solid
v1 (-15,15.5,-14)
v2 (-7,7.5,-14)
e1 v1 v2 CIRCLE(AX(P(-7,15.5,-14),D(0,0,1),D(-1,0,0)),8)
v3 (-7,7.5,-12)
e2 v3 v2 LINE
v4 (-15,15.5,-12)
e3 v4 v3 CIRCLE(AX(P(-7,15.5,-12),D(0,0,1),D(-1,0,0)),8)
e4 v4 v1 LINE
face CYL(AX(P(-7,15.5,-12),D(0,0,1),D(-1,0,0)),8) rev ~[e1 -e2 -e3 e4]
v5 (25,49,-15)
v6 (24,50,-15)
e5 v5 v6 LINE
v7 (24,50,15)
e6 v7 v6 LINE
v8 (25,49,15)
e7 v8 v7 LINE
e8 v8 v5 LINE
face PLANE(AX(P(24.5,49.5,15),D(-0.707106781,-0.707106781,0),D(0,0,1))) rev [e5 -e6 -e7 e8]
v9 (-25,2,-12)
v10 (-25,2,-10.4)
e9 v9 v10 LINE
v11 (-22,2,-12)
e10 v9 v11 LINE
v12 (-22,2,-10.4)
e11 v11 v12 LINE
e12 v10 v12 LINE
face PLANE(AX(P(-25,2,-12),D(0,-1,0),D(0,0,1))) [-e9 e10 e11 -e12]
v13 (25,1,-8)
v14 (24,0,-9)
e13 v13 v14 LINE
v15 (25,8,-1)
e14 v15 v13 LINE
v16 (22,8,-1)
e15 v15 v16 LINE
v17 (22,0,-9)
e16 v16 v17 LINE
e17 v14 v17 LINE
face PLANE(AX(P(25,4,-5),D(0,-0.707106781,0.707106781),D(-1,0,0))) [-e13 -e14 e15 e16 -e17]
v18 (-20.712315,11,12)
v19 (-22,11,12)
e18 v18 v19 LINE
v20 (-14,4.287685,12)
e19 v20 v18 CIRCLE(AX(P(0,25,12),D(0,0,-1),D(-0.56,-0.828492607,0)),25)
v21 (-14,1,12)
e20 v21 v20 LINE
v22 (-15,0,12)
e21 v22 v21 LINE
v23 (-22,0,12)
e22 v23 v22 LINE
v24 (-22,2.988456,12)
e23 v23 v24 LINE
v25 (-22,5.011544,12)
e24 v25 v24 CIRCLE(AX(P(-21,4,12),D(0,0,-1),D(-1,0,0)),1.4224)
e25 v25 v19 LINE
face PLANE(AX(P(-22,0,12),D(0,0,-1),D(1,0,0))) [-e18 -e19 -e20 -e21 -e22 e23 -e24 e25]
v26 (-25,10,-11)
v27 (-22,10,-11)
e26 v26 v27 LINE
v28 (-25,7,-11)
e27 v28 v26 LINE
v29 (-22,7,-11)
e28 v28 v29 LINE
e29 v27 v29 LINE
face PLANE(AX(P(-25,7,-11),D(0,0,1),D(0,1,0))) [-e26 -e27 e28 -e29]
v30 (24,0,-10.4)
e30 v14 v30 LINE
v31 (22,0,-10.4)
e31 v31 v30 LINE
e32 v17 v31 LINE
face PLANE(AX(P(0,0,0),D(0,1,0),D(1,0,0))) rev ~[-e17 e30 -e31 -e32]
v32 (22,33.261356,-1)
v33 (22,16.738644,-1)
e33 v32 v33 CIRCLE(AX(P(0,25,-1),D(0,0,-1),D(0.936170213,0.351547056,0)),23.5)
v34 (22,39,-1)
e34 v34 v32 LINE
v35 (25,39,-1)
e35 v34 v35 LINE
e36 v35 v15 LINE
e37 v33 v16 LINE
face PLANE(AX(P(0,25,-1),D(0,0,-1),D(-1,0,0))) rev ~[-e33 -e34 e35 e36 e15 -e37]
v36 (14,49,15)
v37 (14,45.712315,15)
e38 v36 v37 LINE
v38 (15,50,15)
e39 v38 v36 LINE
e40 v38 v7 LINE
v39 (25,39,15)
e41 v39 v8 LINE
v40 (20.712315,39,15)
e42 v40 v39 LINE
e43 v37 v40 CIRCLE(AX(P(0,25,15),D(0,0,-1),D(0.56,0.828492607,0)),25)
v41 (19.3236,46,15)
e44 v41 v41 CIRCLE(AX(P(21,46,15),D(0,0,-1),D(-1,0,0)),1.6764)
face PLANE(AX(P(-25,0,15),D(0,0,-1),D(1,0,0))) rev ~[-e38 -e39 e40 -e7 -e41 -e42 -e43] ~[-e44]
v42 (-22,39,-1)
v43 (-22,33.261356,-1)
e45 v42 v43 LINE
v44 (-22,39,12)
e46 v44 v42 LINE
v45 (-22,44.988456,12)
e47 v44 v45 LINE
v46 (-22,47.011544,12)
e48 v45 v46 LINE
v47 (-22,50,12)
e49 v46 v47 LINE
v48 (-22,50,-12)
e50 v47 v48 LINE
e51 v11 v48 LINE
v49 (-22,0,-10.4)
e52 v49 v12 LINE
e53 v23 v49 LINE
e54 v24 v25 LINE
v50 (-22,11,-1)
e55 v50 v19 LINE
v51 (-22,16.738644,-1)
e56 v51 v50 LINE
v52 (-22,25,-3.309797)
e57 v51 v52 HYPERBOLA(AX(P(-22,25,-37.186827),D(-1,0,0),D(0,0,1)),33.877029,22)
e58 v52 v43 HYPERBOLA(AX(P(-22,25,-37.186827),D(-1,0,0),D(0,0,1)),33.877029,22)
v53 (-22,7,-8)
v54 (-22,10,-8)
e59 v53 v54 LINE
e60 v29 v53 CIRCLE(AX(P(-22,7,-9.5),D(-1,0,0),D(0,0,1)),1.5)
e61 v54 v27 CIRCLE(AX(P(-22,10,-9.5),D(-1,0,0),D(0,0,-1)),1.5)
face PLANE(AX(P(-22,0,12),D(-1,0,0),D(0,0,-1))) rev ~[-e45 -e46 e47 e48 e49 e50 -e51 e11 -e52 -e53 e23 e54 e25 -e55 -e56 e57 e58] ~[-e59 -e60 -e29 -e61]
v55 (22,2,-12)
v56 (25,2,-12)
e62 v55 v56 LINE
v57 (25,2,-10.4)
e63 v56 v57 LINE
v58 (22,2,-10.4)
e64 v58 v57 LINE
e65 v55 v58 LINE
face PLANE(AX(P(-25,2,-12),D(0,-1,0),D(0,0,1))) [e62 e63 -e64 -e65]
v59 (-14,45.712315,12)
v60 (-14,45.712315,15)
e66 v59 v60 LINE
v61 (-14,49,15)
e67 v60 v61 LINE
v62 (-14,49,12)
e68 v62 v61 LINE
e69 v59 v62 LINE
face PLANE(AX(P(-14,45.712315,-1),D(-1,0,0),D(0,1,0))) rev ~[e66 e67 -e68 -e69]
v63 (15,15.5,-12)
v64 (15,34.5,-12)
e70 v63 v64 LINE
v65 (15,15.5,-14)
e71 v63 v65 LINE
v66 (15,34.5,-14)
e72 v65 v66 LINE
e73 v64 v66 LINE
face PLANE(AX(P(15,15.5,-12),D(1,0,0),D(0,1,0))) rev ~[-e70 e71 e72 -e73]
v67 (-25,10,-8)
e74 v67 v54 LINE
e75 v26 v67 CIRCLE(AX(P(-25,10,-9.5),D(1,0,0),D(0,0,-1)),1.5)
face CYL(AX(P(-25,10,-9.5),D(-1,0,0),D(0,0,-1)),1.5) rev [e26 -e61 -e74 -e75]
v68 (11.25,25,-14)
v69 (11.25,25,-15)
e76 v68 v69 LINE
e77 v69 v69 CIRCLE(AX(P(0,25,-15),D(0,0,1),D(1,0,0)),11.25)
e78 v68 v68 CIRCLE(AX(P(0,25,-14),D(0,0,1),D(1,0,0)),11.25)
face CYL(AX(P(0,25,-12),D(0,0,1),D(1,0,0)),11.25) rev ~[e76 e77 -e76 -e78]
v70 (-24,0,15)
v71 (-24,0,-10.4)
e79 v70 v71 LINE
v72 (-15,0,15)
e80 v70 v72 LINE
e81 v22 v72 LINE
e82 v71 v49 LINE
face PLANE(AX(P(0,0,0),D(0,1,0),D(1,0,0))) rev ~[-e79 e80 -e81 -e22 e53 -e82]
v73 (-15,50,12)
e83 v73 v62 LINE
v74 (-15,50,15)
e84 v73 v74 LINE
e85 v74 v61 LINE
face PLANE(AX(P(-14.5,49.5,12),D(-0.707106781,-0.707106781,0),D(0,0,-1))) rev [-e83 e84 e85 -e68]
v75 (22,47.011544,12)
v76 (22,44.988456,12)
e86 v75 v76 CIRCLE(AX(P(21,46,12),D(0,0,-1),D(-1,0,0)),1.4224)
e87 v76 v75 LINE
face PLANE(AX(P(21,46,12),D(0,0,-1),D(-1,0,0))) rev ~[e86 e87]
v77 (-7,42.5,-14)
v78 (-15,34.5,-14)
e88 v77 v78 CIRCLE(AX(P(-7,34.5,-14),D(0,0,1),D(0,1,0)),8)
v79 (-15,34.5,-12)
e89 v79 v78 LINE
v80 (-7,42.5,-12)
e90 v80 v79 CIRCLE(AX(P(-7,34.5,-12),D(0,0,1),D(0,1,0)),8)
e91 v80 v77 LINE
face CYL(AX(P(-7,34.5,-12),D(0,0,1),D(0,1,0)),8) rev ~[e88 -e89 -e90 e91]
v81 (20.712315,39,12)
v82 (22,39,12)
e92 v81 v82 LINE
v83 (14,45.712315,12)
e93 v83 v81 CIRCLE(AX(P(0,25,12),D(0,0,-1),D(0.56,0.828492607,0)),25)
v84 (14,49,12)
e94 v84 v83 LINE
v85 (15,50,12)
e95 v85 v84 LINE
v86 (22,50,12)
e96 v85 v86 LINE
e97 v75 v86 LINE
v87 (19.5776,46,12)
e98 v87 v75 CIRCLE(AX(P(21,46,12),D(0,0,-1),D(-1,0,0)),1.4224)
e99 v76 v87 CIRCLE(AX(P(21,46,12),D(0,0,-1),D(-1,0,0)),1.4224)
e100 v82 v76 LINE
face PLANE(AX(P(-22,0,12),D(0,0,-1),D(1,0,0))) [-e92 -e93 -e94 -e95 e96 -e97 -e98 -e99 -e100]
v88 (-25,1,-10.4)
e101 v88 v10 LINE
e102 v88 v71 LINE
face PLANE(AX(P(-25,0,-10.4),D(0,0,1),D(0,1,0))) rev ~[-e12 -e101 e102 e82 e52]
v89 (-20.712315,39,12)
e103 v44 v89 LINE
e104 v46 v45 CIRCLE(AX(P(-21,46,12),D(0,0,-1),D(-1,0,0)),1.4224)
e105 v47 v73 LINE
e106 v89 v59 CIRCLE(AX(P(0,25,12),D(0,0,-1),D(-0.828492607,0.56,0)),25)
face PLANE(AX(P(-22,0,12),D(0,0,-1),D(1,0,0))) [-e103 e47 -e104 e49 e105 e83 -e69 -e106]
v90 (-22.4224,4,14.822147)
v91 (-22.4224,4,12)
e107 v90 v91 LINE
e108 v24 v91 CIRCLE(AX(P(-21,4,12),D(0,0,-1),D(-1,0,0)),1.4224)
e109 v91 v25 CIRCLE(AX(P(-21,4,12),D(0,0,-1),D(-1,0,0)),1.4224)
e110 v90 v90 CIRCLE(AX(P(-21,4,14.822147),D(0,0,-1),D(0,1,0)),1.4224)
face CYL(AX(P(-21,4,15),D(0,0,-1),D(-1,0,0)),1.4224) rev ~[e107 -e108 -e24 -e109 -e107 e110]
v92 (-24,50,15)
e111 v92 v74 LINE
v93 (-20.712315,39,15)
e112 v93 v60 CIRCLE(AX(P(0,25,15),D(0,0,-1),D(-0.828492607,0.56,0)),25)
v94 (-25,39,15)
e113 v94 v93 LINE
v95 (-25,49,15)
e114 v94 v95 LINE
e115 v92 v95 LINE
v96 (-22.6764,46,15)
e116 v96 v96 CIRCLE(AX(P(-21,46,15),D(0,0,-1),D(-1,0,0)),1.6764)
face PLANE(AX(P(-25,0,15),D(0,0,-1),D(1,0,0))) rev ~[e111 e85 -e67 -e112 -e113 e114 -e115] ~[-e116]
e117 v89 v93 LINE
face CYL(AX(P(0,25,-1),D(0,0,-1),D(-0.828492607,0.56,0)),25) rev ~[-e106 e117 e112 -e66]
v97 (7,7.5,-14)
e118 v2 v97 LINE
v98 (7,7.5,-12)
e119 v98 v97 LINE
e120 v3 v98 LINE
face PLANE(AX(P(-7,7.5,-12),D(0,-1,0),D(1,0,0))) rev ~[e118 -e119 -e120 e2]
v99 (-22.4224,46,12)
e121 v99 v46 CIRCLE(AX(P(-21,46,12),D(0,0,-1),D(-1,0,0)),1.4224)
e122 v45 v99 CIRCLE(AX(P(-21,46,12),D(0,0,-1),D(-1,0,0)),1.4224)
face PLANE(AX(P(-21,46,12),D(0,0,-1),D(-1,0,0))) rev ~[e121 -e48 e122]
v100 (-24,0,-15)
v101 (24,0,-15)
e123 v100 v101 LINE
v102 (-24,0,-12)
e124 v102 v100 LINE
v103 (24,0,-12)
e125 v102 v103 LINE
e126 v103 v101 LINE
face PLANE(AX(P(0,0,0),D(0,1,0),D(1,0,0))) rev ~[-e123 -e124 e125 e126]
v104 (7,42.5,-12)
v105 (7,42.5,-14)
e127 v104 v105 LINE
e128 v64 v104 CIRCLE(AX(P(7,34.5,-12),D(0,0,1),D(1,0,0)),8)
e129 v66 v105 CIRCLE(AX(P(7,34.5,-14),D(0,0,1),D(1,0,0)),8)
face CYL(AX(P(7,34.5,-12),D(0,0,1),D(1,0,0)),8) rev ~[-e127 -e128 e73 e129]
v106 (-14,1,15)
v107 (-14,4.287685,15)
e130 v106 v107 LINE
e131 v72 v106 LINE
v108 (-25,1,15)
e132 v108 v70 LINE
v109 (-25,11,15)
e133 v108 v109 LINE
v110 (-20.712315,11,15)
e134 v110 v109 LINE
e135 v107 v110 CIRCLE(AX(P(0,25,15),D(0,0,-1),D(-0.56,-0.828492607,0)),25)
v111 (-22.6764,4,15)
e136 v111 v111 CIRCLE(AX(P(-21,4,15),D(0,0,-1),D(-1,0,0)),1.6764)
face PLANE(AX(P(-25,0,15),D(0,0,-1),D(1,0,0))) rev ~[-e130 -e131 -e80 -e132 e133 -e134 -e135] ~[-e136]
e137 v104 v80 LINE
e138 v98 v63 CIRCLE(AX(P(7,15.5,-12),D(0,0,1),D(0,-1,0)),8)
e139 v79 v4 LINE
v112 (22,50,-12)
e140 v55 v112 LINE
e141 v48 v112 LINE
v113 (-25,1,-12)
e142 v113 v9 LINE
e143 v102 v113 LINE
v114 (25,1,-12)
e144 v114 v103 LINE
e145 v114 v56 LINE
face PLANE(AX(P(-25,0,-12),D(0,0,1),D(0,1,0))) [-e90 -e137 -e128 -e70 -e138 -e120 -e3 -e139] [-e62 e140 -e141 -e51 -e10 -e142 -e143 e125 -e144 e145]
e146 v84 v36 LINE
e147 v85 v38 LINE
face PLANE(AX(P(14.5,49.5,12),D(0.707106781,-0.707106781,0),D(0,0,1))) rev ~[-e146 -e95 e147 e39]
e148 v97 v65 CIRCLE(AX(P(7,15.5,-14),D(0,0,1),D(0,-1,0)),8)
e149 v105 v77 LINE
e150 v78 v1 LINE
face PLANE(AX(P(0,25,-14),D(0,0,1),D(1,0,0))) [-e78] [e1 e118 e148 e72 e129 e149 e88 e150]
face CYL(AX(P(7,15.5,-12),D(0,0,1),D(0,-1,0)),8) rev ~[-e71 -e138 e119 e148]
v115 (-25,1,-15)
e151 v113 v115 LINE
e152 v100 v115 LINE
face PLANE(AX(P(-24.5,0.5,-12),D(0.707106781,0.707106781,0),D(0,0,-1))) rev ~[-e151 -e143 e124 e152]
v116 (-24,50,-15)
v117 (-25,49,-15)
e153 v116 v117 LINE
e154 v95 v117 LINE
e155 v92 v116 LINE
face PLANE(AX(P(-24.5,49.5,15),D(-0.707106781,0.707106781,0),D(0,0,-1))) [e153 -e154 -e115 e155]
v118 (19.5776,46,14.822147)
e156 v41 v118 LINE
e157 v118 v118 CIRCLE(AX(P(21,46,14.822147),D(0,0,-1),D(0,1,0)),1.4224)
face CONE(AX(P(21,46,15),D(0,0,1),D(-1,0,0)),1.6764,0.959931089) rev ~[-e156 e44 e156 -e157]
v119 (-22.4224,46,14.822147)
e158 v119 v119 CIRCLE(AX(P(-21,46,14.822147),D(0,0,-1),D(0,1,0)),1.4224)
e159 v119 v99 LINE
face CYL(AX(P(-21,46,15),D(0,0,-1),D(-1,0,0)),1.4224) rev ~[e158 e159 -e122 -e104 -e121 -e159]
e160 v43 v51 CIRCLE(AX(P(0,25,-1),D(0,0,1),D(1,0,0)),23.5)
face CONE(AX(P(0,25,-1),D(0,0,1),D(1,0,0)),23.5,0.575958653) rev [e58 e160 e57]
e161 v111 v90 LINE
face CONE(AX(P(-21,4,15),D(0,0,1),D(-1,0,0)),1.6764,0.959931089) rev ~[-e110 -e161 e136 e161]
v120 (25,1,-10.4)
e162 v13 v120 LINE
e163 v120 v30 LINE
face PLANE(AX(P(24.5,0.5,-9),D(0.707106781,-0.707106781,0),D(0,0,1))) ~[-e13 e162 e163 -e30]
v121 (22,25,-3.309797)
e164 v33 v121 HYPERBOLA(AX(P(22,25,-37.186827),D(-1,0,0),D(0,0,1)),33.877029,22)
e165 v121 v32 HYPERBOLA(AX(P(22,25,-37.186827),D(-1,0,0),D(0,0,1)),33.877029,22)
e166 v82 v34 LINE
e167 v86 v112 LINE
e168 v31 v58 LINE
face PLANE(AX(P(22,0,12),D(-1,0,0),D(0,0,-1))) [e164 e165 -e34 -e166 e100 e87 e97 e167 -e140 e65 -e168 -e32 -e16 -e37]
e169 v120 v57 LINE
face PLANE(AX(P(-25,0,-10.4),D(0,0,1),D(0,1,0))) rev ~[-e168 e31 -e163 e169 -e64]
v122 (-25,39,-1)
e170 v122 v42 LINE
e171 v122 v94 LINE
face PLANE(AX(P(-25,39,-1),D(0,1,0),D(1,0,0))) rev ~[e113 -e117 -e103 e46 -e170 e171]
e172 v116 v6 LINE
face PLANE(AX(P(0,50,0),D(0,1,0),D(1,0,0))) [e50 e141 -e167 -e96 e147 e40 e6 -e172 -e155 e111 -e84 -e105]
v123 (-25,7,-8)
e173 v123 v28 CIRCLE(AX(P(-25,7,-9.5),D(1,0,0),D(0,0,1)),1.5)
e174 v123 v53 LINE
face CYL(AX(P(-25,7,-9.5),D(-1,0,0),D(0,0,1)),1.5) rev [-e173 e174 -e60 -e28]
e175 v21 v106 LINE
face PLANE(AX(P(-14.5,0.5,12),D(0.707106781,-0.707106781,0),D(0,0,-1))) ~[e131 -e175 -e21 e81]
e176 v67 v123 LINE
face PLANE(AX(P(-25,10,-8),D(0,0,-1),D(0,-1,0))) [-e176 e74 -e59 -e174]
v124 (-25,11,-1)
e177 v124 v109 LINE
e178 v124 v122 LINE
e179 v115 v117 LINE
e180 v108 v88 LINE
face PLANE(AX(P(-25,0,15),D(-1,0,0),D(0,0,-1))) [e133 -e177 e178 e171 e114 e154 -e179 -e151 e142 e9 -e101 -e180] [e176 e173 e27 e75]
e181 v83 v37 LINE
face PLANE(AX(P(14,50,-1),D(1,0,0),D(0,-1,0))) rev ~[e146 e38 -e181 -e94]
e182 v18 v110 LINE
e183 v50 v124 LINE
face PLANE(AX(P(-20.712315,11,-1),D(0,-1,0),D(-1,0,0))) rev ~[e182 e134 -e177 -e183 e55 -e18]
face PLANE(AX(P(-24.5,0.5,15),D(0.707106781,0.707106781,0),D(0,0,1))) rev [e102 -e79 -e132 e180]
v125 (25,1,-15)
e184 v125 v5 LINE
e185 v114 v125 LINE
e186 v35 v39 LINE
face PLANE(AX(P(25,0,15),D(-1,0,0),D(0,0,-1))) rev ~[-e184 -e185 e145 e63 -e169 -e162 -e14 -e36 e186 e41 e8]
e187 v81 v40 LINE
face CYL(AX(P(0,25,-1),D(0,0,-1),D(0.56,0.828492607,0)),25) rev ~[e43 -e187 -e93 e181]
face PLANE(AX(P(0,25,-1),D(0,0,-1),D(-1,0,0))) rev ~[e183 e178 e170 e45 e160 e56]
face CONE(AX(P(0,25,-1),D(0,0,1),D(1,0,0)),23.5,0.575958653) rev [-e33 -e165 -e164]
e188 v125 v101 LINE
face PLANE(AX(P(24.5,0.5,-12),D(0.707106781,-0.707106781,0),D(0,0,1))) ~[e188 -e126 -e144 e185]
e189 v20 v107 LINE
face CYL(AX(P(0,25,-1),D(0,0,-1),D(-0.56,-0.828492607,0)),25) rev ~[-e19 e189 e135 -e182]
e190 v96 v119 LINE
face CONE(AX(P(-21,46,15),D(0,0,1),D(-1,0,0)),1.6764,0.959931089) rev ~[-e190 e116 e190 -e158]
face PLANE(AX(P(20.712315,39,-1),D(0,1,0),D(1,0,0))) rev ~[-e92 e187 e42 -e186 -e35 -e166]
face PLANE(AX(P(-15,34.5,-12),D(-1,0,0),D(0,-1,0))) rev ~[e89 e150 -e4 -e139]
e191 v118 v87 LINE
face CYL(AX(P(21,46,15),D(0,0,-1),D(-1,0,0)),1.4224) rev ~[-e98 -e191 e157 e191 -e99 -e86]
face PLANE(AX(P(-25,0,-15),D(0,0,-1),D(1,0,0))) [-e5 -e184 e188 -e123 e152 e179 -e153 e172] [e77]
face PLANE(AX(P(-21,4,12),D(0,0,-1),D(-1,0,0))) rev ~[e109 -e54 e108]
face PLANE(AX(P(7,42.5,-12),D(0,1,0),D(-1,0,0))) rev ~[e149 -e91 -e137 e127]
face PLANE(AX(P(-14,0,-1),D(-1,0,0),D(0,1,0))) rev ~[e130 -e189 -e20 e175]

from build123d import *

# Parameters (mm, degrees)
SKETCH_1_W                   = 50
SKETCH_1_H                   = 30
SKETCH_1_W_2                 = 44
SKETCH_1_H_2                 = 24
EXTRUDE_1_DEPTH              = 50
CUT_EXTRUDE_START            = -14
CUT_EXTRUDE_1_DEPTH          = 17
SKETCH_3_R                   = 11.25
CUT_EXTRUDE_2_DEPTH          = 4
HOLE_WIZARD_4_40_D           = 2.8448
HOLE_WIZARD_4_40_DEPTH       = 3
HOLE_WIZARD_4_40_CSINK_D     = 3.3528
HOLE_WIZARD_4_40_CSINK_ANGLE = 110
SKETCH_10_W                  = 1.6
SKETCH_10_H                  = 2
CUT_EXTRUDE_4_DEPTH          = 51
CUT_EXTRUDE_3_DEPTH          = 2
CHAMFER_1_SIZE               = 8
CHAMFER_2_SIZE               = 1
CUT_EXTRUDE_5_REACH          = 52


with BuildPart() as part:
    # Эскиз1 → Бобышка-Вытянуть1 (new body)
    with BuildSketch(Plane(origin=(0, 0, 0), x_dir=(1, 0, 0), z_dir=(0, 1, 0))):
        Rectangle(SKETCH_1_W, SKETCH_1_H)
        Rectangle(SKETCH_1_W_2, SKETCH_1_H_2, mode=Mode.SUBTRACT)
    extrude(amount=EXTRUDE_1_DEPTH)

    # Эскиз2 → Вырез-Вытянуть1 (cut, through all)
    with BuildSketch(Plane(origin=(0, 0, -15), x_dir=(-1, 0, 0), z_dir=(0, 0, -1)).offset(CUT_EXTRUDE_START)):
        with BuildLine():
            ThreePointArc((-14, 45.712315177), (-17.67766953, 42.67766953), (-20.712315177, 39))
            Line((-20.712315177, 39), (-25, 39))
            Line((-25, 39), (-25, 11))
            Line((-25, 11), (-20.712315177, 11))
            ThreePointArc((-20.712315177, 11), (-17.67766953, 7.32233047), (-14, 4.287684823))
            Line((-14, 4.287684823), (-14, 0))
            Line((-14, 0), (14, 0))
            Line((14, 0), (14, 4.287684823))
            ThreePointArc((14, 4.287684823), (17.67766953, 7.32233047), (20.712315177, 11))
            Line((20.712315177, 11), (25, 11))
            Line((25, 11), (25, 39))
            Line((25, 39), (20.712315177, 39))
            ThreePointArc((20.712315177, 39), (17.67766953, 42.67766953), (14, 45.712315177))
            Line((14, 45.712315177), (14, 50))
            Line((14, 50), (-14, 50))
            Line((-14, 50), (-14, 45.712315177))
        make_face()
        with BuildLine():
            Line((-20.712315177, 11), (-25, 11))
            Line((-25, 11), (-25, 0))
            Line((-25, 0), (-14, 0))
            Line((-14, 0), (-14, 4.287684823))
            ThreePointArc((-14, 4.287684823), (-17.67766953, 7.32233047), (-20.712315177, 11))
        make_face()
    extrude(amount=-CUT_EXTRUDE_1_DEPTH, mode=Mode.SUBTRACT)

    # Эскиз3 → Вырез-Вытянуть2 (cut, through all)
    with BuildSketch(Plane.XY.offset(-12)):
        with Locations((0, 25)):
            Circle(SKETCH_3_R)
    extrude(amount=-CUT_EXTRUDE_2_DEPTH, mode=Mode.SUBTRACT)

    # Эскиз6 → Вырез-Повернуть1 (revolve, cut)
    with BuildSketch(Plane(origin=(0, 25, 0), x_dir=(-1, 0, 0), z_dir=(0, 1, 0))):
        Polygon((-22, -3.309797446), (-22, -1), (-23.5, -1), align=None)
    revolve(axis=Axis((0, 25, -15), (0, 0, 1)), mode=Mode.SUBTRACT)

    # Отверстие #4-40
    with Locations(Plane.XY.offset(15)):
        with Locations((-21, 46), (21, 46), (-21, 4)):
            CounterSinkHole(HOLE_WIZARD_4_40_D / 2, HOLE_WIZARD_4_40_CSINK_D / 2, depth=HOLE_WIZARD_4_40_DEPTH, counter_sink_angle=HOLE_WIZARD_4_40_CSINK_ANGLE)

    # Эскиз10 → Вырез-Вытянуть4 (cut, through all)
    with BuildSketch(Plane.ZY.offset(25)):
        with Locations((-11.2, 1)):
            Rectangle(SKETCH_10_W, SKETCH_10_H)
    extrude(amount=-CUT_EXTRUDE_4_DEPTH, mode=Mode.SUBTRACT)

    # Эскиз9 → Вырез-Вытянуть3 (cut)
    with BuildSketch(Plane.XY.offset(-12)):
        with BuildLine():
            Line((-7, 7.5), (7, 7.5))
            ThreePointArc((7, 7.5), (12.656854249, 9.843145751), (15, 15.5))
            Line((15, 15.5), (15, 34.5))
            ThreePointArc((15, 34.5), (12.656854249, 40.156854249), (7, 42.5))
            Line((7, 42.5), (-7, 42.5))
            ThreePointArc((-7, 42.5), (-12.656854249, 40.156854249), (-15, 34.5))
            Line((-15, 34.5), (-15, 15.5))
            ThreePointArc((-15, 15.5), (-12.656854249, 9.843145751), (-7, 7.5))
        make_face()
    extrude(amount=-CUT_EXTRUDE_3_DEPTH, mode=Mode.SUBTRACT)

    # Фаска1
    chamfer_1_edges = [part.edges().sort_by_distance(p)[0] for p in [
        (23.5, 0, -1),
    ]]
    chamfer(chamfer_1_edges, length=CHAMFER_1_SIZE)

    # Фаска2
    chamfer_2_edges = [part.edges().sort_by_distance(p)[0] for p in [
        (-25, 50, 0),
        (25, 0, -13.5),
        (-25, 0, 2.3),
        (25, 0, -9.7),
        (25, 50, 0),
        (-25, 0, -13.5),
        (14, 50, 13.5),
        (-14, 50, 13.5),
        (-14, 0, 13.5),
    ]]
    chamfer(chamfer_2_edges, length=CHAMFER_2_SIZE)

    # Эскиз11 → Вырез-Вытянуть5 (cut, up to next)
    with BuildSketch(Plane.ZY.offset(25), mode=Mode.PRIVATE) as cut_extrude_5_sk1:
        with BuildLine():
            Line((-8, 10), (-8, 7))
            ThreePointArc((-8, 7), (-9.5, 5.5), (-11, 7))
            Line((-11, 7), (-11, 10))
            ThreePointArc((-11, 10), (-9.5, 11.5), (-8, 10))
        make_face()
    cut_extrude_5_tool1 = extrude(cut_extrude_5_sk1.sketch, amount=-CUT_EXTRUDE_5_REACH, mode=Mode.PRIVATE) & part.part
    add(cut_extrude_5_tool1.solids().sort_by_distance((-25, 8.5, -9.5))[0], mode=Mode.SUBTRACT)


solid = part.part
